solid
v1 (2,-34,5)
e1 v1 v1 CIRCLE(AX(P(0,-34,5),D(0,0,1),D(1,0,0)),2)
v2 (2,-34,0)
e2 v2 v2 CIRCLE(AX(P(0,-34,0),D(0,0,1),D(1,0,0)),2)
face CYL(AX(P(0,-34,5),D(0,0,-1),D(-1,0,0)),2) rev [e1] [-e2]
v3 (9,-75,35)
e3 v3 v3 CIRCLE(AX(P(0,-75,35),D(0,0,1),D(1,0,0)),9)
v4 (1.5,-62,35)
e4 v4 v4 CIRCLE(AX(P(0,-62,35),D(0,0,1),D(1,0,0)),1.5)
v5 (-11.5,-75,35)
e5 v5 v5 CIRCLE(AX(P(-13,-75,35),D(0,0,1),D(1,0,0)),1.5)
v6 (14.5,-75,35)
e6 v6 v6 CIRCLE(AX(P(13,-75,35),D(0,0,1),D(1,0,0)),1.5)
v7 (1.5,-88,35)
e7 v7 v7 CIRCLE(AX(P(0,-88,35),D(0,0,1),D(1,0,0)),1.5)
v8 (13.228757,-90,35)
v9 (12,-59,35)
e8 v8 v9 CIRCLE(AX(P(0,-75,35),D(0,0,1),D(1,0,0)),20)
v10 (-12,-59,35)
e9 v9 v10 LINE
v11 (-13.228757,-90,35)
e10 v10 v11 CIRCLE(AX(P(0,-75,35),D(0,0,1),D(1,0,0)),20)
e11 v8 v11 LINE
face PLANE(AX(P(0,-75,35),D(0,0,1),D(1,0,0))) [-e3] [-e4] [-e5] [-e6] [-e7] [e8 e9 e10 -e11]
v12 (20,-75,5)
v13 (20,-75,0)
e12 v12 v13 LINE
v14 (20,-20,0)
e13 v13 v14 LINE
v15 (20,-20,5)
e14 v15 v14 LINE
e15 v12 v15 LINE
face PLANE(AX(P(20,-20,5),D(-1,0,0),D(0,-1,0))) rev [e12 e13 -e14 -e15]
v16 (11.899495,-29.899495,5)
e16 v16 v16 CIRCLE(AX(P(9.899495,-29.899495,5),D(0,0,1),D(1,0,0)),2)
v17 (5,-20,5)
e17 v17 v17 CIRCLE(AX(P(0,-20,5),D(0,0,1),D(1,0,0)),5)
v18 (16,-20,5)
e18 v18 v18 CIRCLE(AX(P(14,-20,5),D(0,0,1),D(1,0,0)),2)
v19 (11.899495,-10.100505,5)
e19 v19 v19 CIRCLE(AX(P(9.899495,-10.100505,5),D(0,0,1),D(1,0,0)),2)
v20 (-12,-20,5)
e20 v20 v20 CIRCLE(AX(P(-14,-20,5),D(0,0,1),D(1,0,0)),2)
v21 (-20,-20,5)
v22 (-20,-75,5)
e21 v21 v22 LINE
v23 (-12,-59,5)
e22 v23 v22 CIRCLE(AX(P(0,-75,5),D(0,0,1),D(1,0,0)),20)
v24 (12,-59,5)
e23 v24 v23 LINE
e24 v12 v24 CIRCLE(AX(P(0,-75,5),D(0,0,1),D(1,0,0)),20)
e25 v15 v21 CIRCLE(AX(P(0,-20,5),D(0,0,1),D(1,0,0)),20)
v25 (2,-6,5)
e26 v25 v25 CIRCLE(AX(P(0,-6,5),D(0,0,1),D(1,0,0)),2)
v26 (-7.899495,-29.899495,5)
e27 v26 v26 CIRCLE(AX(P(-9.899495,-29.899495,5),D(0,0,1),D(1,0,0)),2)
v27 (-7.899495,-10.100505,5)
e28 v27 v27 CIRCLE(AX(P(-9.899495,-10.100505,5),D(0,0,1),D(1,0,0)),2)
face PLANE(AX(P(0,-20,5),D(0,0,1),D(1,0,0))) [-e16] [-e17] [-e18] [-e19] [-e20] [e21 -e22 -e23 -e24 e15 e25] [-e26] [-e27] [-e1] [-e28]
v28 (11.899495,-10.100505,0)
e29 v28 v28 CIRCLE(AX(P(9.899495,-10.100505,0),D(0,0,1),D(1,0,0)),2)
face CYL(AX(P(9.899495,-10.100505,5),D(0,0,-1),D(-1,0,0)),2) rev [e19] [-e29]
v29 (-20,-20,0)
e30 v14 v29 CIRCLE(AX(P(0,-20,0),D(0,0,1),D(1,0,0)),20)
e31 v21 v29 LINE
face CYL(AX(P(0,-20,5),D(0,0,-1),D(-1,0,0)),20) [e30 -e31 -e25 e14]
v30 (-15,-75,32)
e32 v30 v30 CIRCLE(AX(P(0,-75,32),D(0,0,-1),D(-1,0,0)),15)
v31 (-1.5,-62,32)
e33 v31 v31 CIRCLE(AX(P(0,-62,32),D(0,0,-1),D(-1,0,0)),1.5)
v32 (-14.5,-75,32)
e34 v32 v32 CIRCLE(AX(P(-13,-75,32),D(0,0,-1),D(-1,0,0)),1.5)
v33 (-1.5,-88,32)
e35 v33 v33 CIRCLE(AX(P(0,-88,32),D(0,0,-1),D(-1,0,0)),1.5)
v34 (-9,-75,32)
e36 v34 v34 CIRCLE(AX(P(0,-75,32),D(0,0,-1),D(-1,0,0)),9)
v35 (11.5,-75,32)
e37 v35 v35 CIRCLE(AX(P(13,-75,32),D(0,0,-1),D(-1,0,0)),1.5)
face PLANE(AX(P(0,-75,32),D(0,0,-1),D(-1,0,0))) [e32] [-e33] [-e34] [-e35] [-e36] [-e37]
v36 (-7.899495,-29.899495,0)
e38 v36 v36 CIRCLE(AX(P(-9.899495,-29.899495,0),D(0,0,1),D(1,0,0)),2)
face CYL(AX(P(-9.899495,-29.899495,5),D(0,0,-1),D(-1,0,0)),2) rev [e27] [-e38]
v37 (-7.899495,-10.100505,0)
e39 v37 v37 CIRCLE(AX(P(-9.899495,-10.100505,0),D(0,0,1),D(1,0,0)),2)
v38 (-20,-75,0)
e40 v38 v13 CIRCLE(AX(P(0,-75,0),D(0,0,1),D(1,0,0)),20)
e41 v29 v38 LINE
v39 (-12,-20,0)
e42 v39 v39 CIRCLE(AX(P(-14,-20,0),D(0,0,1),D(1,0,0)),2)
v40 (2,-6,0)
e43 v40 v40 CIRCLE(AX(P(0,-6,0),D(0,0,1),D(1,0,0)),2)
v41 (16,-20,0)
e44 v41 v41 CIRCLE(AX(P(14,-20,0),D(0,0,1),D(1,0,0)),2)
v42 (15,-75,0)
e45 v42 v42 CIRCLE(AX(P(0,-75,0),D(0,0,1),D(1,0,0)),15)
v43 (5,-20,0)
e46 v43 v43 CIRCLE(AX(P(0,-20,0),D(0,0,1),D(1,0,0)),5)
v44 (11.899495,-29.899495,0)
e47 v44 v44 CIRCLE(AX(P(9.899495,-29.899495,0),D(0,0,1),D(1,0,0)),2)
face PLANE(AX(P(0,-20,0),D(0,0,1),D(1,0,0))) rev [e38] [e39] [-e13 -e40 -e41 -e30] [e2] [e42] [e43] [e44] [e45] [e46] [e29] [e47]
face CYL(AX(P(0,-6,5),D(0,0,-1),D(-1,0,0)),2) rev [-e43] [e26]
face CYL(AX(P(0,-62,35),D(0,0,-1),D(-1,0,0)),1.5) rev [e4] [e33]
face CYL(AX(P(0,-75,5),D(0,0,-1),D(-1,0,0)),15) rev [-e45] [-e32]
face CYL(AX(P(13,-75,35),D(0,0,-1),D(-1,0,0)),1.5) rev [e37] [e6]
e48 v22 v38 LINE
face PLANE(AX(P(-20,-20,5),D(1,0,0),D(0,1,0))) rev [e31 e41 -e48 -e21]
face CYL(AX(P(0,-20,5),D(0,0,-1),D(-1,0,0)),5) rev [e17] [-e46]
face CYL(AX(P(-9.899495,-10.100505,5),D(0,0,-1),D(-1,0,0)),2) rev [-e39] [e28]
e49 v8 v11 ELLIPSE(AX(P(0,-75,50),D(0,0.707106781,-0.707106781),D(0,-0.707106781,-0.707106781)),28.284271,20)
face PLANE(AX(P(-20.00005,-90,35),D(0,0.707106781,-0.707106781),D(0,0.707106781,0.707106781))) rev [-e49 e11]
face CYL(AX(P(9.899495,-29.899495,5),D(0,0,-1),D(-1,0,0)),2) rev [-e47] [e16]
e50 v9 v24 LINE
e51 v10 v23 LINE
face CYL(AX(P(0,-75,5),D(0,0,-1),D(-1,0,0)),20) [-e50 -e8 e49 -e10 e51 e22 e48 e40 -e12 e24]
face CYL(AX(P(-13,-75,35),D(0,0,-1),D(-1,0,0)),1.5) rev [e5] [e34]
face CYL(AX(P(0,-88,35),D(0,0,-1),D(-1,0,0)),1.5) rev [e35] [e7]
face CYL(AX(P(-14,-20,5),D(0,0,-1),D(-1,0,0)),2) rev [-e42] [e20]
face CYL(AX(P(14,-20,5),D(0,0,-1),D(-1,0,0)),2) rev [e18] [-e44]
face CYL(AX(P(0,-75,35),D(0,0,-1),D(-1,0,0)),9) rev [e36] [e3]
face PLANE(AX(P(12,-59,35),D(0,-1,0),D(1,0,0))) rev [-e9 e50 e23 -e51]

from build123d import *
from build123d.topology import SkipClean

# Parameters (mm, degrees)
ESQUISSE1_R           = 15
ESQUISSE1_R_2         = 5
ESQUISSE1_R_3         = 2
EXTRUSION1_DEPTH      = 5
ESQUISSE2_R           = 9
ESQUISSE2_R_2         = 1.5
EXTRUSION2_DEPTH      = 30
ESQUISSE3_R           = 15
EXTRUSION3_DEPTH      = 27
EXTRUSION4_DEPTH      = 104.198837203
EXTRUSION4_DEPTH_BACK = 104.198837203


with BuildPart() as part:
    # Esquisse1 → Extrusion1 (new body)
    with BuildSketch(Plane.XY):
        with BuildLine():
            Line((20, -20), (20, -75))
            ThreePointArc((20, -75), (0, -95), (-20, -75))
            Line((-20, -75), (-20, -20))
            ThreePointArc((-20, -20), (0, 0), (20, -20))
        make_face()
        with Locations((0, -75)):
            Circle(ESQUISSE1_R, mode=Mode.SUBTRACT)
        with Locations((0, -20)):
            Circle(ESQUISSE1_R_2, mode=Mode.SUBTRACT)
        with Locations((-14, -20)):
            Circle(ESQUISSE1_R_3, mode=Mode.SUBTRACT)
        with Locations((-9.899494937, -10.100505063)):
            Circle(ESQUISSE1_R_3, mode=Mode.SUBTRACT)
        with Locations((0, -6)):
            Circle(ESQUISSE1_R_3, mode=Mode.SUBTRACT)
        with Locations((9.899494937, -10.100505063)):
            Circle(ESQUISSE1_R_3, mode=Mode.SUBTRACT)
        with Locations((14, -20)):
            Circle(ESQUISSE1_R_3, mode=Mode.SUBTRACT)
        with Locations((9.899494937, -29.899494937)):
            Circle(ESQUISSE1_R_3, mode=Mode.SUBTRACT)
        with Locations((0, -34)):
            Circle(ESQUISSE1_R_3, mode=Mode.SUBTRACT)
        with Locations((-9.899494937, -29.899494937)):
            Circle(ESQUISSE1_R_3, mode=Mode.SUBTRACT)
    extrude(amount=EXTRUSION1_DEPTH)

    # Esquisse2 → Extrusion2 (add)
    with SkipClean():  # the faces are left unmerged after this step: merging them gives an invalid solid
        with BuildSketch(Plane.XY.offset(5)):
            with BuildLine():
                Line((12, -59), (-12, -59))
                ThreePointArc((-12, -59), (0, -95), (12, -59))
            make_face()
            with Locations((0, -75)):
                Circle(ESQUISSE2_R, mode=Mode.SUBTRACT)
            with Locations((0, -62)):
                Circle(ESQUISSE2_R_2, mode=Mode.SUBTRACT)
            with Locations((0, -88)):
                Circle(ESQUISSE2_R_2, mode=Mode.SUBTRACT)
            with Locations((-13, -75)):
                Circle(ESQUISSE2_R_2, mode=Mode.SUBTRACT)
            with Locations((13, -75)):
                Circle(ESQUISSE2_R_2, mode=Mode.SUBTRACT)
        extrude(amount=EXTRUSION2_DEPTH)

    # Esquisse3 → Extrusion3 (cut)
    with SkipClean():  # the faces are left unmerged after this step: merging them gives an invalid solid
        with BuildSketch(Plane(origin=(0, 0, 5), x_dir=(-1, 0, 0), z_dir=(0, 0, -1))):
            with Locations((0, -75)):
                Circle(ESQUISSE3_R)
        extrude(amount=-EXTRUSION3_DEPTH, mode=Mode.SUBTRACT)

    # Esquisse4 → Extrusion4 (cut, two sides: drawn at the far end of the back side and taken through both)
    with SkipClean():  # the faces are left unmerged after this step: merging them gives an invalid solid
        with BuildSketch(Plane(origin=(0, 0, 0), x_dir=(0, 0, -1), z_dir=(1, 0, 0)).offset(-EXTRUSION4_DEPTH_BACK)):
            Polygon((-35, -95), (-30, -95), (-35, -90), align=None)
        extrude(amount=EXTRUSION4_DEPTH + EXTRUSION4_DEPTH_BACK, mode=Mode.SUBTRACT)


solid = part.part
